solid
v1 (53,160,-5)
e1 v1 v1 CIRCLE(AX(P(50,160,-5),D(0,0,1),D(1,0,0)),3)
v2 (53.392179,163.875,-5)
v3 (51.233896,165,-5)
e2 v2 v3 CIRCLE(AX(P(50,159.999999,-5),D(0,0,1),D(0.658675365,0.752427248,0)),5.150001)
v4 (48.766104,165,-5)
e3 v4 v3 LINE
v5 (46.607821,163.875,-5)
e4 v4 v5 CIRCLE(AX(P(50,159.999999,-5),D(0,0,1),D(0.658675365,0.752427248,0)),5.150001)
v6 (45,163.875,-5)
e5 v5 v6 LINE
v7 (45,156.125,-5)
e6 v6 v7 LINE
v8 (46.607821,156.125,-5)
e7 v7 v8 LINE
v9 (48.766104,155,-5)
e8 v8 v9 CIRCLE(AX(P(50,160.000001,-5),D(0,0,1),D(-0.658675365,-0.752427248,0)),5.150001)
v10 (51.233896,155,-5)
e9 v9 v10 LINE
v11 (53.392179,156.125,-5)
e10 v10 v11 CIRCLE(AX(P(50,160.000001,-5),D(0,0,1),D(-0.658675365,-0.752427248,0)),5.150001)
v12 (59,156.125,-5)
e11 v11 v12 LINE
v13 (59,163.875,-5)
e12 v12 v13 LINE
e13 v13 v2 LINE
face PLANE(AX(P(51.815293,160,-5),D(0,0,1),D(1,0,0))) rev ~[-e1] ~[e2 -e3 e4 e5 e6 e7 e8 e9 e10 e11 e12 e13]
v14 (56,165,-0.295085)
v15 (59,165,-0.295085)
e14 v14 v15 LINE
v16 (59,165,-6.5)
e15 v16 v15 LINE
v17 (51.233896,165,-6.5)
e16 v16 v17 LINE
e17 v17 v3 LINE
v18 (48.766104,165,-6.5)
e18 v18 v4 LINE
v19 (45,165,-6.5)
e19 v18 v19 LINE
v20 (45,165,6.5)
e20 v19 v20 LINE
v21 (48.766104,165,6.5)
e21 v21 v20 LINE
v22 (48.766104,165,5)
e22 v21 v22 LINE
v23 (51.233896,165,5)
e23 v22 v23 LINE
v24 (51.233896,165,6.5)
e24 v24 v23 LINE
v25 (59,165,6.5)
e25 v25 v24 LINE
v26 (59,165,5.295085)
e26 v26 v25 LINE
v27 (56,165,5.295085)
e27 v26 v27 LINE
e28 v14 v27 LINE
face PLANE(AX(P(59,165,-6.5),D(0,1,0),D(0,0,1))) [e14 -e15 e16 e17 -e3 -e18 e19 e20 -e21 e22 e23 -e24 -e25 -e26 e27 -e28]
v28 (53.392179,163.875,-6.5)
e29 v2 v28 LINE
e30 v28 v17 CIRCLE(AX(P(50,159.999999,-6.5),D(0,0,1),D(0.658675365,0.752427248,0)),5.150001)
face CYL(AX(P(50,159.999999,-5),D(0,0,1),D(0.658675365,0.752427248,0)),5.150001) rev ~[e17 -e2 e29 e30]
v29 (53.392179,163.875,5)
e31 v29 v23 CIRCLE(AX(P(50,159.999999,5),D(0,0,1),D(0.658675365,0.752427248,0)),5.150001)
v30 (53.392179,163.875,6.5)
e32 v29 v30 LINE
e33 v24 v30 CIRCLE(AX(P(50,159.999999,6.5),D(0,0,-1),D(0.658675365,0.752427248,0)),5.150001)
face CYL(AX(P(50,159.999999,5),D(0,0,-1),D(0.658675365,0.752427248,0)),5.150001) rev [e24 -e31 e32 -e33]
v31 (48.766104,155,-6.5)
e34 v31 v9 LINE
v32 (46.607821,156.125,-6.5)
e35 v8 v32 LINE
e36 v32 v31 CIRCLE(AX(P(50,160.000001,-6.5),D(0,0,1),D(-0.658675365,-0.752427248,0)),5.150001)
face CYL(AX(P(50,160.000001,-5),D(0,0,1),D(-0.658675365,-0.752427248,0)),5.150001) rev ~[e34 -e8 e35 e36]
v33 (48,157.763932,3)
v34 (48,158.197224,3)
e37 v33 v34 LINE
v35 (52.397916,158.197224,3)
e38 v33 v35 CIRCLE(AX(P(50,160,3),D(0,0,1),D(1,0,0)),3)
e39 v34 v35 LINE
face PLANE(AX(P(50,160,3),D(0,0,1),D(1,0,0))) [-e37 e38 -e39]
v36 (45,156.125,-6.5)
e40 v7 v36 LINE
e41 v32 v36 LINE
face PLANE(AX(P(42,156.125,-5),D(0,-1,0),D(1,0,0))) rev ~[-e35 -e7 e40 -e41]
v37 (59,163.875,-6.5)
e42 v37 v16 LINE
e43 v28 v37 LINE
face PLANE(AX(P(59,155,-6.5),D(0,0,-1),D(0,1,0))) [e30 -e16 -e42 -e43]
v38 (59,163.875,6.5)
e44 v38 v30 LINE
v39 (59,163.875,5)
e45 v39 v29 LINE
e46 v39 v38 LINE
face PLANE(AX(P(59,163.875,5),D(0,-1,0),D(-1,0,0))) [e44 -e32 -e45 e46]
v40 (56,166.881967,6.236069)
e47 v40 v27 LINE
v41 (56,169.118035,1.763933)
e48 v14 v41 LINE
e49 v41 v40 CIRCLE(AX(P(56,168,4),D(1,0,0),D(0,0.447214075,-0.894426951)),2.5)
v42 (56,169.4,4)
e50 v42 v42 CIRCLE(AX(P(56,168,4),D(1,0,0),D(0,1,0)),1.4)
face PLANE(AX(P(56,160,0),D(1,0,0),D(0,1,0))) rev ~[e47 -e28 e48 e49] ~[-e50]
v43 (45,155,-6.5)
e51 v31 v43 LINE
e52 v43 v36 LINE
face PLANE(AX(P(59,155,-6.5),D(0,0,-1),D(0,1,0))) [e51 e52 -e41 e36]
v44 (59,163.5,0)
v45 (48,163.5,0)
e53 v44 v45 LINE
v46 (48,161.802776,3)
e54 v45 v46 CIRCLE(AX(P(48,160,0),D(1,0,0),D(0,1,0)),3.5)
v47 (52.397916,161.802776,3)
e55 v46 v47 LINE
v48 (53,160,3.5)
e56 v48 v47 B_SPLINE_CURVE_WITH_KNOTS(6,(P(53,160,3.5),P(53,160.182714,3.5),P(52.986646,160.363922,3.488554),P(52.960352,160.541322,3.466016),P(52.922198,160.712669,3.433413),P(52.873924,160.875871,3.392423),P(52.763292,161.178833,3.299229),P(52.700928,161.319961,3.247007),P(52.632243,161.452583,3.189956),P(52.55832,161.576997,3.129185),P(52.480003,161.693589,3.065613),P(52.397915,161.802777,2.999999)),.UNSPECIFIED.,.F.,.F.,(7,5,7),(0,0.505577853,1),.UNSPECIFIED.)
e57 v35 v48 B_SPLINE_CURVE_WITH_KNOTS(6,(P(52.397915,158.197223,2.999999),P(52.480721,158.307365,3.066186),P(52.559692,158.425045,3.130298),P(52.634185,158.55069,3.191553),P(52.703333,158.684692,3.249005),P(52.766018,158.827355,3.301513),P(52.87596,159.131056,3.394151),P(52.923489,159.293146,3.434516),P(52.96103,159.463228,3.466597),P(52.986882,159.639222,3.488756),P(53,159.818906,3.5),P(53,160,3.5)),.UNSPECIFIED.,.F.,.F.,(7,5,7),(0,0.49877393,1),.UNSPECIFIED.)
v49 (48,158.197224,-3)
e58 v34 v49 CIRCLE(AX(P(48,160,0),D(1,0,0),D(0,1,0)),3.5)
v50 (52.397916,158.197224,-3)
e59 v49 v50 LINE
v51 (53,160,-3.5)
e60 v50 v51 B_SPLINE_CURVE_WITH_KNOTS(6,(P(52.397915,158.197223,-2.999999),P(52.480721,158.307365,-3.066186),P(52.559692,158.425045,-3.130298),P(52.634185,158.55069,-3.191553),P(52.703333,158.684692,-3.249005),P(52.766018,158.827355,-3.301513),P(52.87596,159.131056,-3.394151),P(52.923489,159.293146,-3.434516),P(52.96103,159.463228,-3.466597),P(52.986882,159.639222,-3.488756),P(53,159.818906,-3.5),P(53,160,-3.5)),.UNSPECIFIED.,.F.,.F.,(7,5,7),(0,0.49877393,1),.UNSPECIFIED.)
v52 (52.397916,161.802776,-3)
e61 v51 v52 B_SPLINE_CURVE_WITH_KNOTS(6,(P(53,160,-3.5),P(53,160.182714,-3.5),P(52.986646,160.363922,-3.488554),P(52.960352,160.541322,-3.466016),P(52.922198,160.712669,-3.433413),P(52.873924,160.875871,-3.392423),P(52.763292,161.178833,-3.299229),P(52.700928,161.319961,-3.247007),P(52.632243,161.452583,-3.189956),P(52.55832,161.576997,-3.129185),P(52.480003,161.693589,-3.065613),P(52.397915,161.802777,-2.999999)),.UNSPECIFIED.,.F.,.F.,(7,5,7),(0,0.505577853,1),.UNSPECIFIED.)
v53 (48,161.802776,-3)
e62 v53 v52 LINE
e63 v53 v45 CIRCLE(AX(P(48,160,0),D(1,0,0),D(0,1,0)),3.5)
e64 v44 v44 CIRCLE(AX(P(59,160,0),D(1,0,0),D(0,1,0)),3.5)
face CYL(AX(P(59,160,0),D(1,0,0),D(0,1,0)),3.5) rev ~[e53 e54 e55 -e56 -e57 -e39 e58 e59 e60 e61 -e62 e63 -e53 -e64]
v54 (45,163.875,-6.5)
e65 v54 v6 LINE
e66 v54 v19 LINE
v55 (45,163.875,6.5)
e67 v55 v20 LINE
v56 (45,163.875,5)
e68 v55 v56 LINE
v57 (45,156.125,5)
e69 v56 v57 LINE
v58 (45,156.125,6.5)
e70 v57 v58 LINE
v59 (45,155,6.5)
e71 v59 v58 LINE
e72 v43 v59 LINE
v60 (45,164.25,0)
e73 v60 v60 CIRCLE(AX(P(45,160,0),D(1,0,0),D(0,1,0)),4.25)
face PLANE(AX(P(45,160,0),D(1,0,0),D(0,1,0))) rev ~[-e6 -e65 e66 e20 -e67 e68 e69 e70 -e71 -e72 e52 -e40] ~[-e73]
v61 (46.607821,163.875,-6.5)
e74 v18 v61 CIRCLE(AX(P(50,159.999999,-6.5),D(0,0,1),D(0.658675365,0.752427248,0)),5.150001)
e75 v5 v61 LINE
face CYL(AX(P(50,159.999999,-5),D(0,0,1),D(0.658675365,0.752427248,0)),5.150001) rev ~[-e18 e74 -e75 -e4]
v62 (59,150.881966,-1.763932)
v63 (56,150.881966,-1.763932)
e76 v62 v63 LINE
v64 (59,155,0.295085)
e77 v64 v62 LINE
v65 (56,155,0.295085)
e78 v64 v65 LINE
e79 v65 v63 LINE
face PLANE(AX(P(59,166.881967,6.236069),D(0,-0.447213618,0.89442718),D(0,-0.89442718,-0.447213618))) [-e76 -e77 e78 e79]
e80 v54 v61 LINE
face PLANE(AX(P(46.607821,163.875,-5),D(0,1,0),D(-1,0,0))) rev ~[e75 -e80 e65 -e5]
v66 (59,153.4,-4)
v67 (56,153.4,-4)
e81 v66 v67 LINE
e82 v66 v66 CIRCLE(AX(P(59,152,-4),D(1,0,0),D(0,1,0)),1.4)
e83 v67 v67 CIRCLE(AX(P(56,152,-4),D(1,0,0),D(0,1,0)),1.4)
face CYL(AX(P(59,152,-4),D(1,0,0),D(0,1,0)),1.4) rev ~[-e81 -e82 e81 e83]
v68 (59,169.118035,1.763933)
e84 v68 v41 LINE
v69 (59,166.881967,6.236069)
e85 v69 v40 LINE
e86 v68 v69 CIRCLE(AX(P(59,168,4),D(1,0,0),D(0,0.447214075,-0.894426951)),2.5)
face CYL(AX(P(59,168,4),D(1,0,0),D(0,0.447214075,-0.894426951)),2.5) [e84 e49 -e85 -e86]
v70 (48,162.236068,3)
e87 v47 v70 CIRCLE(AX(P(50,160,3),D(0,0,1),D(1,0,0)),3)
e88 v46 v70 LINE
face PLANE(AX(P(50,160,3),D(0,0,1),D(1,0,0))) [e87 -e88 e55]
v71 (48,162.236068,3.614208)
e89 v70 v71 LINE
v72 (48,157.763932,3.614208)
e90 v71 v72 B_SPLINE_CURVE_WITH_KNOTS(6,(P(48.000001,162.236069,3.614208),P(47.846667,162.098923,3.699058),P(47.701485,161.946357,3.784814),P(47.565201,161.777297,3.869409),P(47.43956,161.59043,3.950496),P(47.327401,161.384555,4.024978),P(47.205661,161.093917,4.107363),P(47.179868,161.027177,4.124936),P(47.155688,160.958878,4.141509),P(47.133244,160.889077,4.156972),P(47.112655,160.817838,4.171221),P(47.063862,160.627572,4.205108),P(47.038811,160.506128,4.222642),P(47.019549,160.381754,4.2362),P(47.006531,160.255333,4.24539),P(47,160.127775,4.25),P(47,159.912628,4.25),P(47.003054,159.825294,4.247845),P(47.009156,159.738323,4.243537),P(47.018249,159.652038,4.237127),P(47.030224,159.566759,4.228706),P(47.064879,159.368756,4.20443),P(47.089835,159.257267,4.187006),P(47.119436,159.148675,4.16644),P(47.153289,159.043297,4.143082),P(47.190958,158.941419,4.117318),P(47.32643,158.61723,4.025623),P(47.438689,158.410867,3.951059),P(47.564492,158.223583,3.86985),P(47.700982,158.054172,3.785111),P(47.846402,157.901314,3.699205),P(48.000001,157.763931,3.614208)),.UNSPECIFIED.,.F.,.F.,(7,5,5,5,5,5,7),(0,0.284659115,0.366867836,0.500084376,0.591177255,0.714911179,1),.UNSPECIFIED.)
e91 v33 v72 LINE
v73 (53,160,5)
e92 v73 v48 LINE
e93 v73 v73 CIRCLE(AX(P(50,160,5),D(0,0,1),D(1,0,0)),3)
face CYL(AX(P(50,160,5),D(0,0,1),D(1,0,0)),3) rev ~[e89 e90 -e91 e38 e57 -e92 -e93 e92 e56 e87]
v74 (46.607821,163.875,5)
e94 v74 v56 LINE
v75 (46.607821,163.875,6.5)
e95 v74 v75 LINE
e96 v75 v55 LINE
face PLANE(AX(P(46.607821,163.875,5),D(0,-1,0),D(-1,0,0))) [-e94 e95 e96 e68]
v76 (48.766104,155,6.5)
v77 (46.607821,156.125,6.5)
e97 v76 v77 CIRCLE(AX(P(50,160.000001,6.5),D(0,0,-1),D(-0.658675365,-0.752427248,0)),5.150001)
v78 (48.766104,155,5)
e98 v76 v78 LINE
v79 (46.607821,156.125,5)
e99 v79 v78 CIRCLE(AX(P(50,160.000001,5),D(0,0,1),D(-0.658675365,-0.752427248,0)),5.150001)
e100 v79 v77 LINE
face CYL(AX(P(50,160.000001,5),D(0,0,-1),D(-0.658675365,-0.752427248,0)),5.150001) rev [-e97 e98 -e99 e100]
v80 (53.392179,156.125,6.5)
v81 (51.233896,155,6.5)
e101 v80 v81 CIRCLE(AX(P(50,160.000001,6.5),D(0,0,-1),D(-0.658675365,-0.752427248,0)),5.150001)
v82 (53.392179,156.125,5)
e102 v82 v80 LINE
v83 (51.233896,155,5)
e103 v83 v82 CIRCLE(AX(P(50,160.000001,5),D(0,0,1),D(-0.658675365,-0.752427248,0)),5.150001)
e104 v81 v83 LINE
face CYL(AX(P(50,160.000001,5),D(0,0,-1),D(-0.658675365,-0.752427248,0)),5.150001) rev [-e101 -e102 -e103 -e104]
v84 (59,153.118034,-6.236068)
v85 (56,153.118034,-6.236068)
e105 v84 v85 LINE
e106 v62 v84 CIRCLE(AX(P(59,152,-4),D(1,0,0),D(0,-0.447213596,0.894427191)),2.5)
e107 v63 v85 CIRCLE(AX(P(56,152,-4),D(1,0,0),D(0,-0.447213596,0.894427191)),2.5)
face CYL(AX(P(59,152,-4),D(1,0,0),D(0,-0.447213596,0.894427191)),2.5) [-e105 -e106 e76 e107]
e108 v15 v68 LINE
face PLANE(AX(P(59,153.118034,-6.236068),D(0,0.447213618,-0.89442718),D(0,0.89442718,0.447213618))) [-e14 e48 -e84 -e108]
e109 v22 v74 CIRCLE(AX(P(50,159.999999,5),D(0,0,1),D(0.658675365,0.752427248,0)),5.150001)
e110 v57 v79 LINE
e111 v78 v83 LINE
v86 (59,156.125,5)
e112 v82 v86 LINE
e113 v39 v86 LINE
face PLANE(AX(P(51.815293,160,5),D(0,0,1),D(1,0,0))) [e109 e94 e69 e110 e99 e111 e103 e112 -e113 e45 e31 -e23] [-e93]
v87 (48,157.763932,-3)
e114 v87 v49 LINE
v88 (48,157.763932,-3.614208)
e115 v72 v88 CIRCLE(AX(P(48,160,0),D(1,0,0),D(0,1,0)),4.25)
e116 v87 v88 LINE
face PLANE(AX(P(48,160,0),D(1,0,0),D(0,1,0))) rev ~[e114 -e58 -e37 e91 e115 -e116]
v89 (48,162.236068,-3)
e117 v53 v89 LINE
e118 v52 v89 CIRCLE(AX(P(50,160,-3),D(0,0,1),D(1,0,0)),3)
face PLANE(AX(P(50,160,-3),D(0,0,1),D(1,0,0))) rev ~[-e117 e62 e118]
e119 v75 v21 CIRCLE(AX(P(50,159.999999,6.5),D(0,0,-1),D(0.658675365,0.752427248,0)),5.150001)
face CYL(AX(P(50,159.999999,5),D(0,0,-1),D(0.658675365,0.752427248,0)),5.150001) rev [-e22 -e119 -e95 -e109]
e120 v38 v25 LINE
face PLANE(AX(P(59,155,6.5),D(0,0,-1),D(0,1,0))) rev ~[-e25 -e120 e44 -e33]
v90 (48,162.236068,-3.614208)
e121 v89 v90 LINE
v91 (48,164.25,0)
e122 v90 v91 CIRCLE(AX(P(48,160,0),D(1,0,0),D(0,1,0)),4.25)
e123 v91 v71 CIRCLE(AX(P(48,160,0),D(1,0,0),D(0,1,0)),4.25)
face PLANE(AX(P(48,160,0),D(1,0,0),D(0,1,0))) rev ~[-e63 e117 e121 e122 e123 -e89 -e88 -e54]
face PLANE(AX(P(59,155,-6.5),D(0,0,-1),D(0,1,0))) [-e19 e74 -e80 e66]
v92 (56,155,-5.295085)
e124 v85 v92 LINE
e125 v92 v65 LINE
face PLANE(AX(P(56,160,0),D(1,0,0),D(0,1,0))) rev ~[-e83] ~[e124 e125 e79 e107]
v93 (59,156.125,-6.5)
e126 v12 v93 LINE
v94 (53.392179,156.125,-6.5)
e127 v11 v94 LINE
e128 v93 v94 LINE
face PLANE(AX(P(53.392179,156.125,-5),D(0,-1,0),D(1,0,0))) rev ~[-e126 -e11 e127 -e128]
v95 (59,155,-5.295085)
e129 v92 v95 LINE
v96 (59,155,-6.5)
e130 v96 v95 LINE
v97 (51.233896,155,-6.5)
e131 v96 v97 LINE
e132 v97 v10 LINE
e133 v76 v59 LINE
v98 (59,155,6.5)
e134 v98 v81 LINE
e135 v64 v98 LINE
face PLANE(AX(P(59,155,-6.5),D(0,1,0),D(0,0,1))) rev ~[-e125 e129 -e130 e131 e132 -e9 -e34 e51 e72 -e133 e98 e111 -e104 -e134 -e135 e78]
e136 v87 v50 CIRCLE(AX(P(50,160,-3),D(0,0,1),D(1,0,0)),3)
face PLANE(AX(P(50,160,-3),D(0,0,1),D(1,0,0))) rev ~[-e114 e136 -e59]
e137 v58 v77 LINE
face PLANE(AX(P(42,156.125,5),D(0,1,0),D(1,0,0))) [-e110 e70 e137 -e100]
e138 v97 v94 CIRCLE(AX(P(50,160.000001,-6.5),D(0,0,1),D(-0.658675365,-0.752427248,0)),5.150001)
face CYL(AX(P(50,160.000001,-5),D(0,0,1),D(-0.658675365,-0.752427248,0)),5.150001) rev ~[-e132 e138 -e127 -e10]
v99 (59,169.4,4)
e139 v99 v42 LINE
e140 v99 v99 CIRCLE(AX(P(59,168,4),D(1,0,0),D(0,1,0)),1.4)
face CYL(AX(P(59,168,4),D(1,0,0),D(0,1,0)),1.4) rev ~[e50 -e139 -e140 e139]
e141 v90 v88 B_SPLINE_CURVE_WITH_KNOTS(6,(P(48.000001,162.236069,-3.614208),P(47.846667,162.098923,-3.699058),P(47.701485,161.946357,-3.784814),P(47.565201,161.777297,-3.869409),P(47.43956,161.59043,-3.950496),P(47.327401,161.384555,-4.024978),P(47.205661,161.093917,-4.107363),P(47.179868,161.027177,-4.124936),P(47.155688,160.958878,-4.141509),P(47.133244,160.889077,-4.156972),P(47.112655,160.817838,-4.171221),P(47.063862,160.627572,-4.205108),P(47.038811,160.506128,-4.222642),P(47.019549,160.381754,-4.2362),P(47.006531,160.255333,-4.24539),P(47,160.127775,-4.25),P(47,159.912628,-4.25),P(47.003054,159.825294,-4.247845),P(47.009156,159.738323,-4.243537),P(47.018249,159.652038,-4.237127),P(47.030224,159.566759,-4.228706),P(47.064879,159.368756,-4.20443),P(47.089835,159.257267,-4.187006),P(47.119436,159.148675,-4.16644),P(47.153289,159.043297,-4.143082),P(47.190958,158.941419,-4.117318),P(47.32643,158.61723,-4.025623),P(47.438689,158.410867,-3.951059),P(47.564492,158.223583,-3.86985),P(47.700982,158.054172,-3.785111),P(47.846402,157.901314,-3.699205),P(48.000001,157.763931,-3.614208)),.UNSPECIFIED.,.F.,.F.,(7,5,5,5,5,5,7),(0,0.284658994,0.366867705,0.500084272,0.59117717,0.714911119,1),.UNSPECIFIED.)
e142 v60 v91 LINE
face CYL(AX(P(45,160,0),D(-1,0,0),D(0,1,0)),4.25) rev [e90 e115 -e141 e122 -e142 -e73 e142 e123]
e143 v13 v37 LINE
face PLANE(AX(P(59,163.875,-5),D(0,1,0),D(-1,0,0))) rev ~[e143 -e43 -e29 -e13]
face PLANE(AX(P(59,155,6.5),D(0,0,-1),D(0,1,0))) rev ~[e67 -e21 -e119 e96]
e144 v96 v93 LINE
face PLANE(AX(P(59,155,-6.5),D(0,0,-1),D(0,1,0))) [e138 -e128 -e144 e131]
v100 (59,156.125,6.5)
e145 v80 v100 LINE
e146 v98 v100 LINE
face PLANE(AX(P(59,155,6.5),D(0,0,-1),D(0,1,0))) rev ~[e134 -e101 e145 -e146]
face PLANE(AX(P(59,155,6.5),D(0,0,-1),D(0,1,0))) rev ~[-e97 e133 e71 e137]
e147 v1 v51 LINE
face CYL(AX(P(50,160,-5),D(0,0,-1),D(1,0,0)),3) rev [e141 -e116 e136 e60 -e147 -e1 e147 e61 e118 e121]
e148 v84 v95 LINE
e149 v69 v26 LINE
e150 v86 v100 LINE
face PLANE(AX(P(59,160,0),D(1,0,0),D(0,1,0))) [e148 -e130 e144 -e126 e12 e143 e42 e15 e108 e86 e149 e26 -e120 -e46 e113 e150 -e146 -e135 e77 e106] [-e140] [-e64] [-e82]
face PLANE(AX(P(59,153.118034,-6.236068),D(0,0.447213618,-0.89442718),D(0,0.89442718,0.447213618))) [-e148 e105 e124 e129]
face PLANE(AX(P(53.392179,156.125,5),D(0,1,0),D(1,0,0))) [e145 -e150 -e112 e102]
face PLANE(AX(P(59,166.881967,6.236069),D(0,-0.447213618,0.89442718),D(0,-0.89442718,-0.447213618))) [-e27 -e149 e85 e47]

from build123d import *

# Parameters (mm, degrees)
SKETCH215_R     = 3
PAD127051_DEPTH = 2
PAD127048_DEPTH = 3
PAD127047_DEPTH = 3
SKETCH209_R     = 3.5
PAD127045_DEPTH = 30
SKETCH210_R     = 4.25
PAD127046_DEPTH = 3
SKETCH216_R     = 3
PAD127052_DEPTH = 2
SKETCH208_W     = 10
SKETCH208_H     = 13
PAD127044_DEPTH = 14
SKETCH207_R     = 1.4
PAD127043_DEPTH = 3


with BuildPart() as countersinktop:
    # Sketch215 → Pad127051 (new body)
    with BuildSketch(Plane(origin=(50, 160, 5), x_dir=(1, 0, 0), z_dir=(0, 0, 1))):
        Circle(SKETCH215_R)
    extrude(amount=-PAD127051_DEPTH)


with BuildPart() as steeringrodcutoutbottom:
    # Sketch212 → Pad127048 (new body)
    with BuildSketch(Plane(origin=(50, 160, -5), x_dir=(1, 0, 0), z_dir=(0, 0, 1))):
        with BuildLine():
            Line((9, 3.875), (3.392179, 3.875))
            ThreePointArc((3.392179, 3.875), (0, 5.15), (-3.392179, 3.875))
            Line((-3.392179, 3.875), (-8, 3.875))
            Line((-8, 3.875), (-8, -3.875))
            Line((-8, -3.875), (-3.392179, -3.875))
            ThreePointArc((-3.392179, -3.875), (0, -5.15), (3.392179, -3.875))
            Line((3.392179, -3.875), (9, -3.875))
            Line((9, -2.5), (9, -3.875))
            Line((12, -2.5), (9, -2.5))
            Line((12, 2.5), (12, -2.5))
            Line((9, 2.5), (12, 2.5))
            Line((9, 3.875), (9, 2.5))
        make_face()
    extrude(amount=-PAD127048_DEPTH)


with BuildPart() as steeringrodcutouttop:
    # Sketch211 → Pad127047 (new body)
    with BuildSketch(Plane(origin=(50, 160, 5), x_dir=(1, 0, 0), z_dir=(0, 0, 1))):
        with BuildLine():
            Line((9, 3.875), (3.392179, 3.875))
            ThreePointArc((3.392179, 3.875), (0, 5.15), (-3.392179, 3.875))
            Line((-3.392179, 3.875), (-8, 3.875))
            Line((-8, 3.875), (-8, -3.875))
            Line((-8, -3.875), (-3.392179, -3.875))
            ThreePointArc((-3.392179, -3.875), (0, -5.15), (3.392179, -3.875))
            Line((3.392179, -3.875), (9, -3.875))
            Line((9, -2.5), (9, -3.875))
            Line((12, -2.5), (9, -2.5))
            Line((12, 2.5), (12, -2.5))
            Line((9, 2.5), (12, 2.5))
            Line((9, 3.875), (9, 2.5))
        make_face()
    extrude(amount=PAD127047_DEPTH)


with BuildPart() as axlecutout:
    # Sketch209 → Pad127045 (new body)
    with BuildSketch(Plane(origin=(59, 160, 0), x_dir=(0, 1, 0), z_dir=(1, 0, 0))):
        Circle(SKETCH209_R)
    extrude(amount=-PAD127045_DEPTH)


with BuildPart() as bearingcutout:
    # Sketch210 → Pad127046 (new body)
    with BuildSketch(Plane(origin=(45, 160, 0), x_dir=(0, 1, 0), z_dir=(1, 0, 0))):
        Circle(SKETCH210_R)
    extrude(amount=PAD127046_DEPTH)


with BuildPart() as cutouts:
    # Sketch216 → Pad127052 (new body)
    with BuildSketch(Plane(origin=(50, 160, -5), x_dir=(1, 0, 0), z_dir=(0, 0, 1))):
        Circle(SKETCH216_R)
    extrude(amount=PAD127052_DEPTH)

    # Fusion004020029: union CountersinkTop, SteeringRodCutoutBottom, SteeringRodCutoutTop, AxleCutout, BearingCutout
    add(countersinktop.part)
    add(steeringrodcutoutbottom.part)
    add(steeringrodcutouttop.part)
    add(axlecutout.part)
    add(bearingcutout.part)


with BuildPart() as mainbody:
    # Sketch208 → Pad127044 (new body)
    with BuildSketch(Plane(origin=(59, 160, 0), x_dir=(0, 1, 0), z_dir=(1, 0, 0))):
        Rectangle(SKETCH208_W, SKETCH208_H)
    extrude(amount=-PAD127044_DEPTH)


with BuildPart() as steeringcolumn:
    # Sketch207 → Pad127043 (new body)
    with BuildSketch(Plane(origin=(59, 160, 0), x_dir=(0, 1, 0), z_dir=(1, 0, 0))):
        with BuildLine():
            ThreePointArc((9.118035, 1.763933), (10.236068, 5.118034), (6.881967, 6.236069))
            Line((6.881967, 6.236069), (-9.118034, -1.763932))
            ThreePointArc((-9.118034, -1.763932), (-10.236068, -5.118034), (-6.881966, -6.236068))
            Line((-6.881966, -6.236068), (9.118035, 1.763933))
        make_face()
        with Locations((8, 4)):
            Circle(SKETCH207_R, mode=Mode.SUBTRACT)
        with Locations((-8, -4)):
            Circle(SKETCH207_R, mode=Mode.SUBTRACT)
    extrude(amount=-PAD127043_DEPTH)

    # Fusion004020028: union MainBody
    add(mainbody.part)

    # Cut007019028: cut cutouts
    add(cutouts.part, mode=Mode.SUBTRACT)


solid = steeringcolumn.part
